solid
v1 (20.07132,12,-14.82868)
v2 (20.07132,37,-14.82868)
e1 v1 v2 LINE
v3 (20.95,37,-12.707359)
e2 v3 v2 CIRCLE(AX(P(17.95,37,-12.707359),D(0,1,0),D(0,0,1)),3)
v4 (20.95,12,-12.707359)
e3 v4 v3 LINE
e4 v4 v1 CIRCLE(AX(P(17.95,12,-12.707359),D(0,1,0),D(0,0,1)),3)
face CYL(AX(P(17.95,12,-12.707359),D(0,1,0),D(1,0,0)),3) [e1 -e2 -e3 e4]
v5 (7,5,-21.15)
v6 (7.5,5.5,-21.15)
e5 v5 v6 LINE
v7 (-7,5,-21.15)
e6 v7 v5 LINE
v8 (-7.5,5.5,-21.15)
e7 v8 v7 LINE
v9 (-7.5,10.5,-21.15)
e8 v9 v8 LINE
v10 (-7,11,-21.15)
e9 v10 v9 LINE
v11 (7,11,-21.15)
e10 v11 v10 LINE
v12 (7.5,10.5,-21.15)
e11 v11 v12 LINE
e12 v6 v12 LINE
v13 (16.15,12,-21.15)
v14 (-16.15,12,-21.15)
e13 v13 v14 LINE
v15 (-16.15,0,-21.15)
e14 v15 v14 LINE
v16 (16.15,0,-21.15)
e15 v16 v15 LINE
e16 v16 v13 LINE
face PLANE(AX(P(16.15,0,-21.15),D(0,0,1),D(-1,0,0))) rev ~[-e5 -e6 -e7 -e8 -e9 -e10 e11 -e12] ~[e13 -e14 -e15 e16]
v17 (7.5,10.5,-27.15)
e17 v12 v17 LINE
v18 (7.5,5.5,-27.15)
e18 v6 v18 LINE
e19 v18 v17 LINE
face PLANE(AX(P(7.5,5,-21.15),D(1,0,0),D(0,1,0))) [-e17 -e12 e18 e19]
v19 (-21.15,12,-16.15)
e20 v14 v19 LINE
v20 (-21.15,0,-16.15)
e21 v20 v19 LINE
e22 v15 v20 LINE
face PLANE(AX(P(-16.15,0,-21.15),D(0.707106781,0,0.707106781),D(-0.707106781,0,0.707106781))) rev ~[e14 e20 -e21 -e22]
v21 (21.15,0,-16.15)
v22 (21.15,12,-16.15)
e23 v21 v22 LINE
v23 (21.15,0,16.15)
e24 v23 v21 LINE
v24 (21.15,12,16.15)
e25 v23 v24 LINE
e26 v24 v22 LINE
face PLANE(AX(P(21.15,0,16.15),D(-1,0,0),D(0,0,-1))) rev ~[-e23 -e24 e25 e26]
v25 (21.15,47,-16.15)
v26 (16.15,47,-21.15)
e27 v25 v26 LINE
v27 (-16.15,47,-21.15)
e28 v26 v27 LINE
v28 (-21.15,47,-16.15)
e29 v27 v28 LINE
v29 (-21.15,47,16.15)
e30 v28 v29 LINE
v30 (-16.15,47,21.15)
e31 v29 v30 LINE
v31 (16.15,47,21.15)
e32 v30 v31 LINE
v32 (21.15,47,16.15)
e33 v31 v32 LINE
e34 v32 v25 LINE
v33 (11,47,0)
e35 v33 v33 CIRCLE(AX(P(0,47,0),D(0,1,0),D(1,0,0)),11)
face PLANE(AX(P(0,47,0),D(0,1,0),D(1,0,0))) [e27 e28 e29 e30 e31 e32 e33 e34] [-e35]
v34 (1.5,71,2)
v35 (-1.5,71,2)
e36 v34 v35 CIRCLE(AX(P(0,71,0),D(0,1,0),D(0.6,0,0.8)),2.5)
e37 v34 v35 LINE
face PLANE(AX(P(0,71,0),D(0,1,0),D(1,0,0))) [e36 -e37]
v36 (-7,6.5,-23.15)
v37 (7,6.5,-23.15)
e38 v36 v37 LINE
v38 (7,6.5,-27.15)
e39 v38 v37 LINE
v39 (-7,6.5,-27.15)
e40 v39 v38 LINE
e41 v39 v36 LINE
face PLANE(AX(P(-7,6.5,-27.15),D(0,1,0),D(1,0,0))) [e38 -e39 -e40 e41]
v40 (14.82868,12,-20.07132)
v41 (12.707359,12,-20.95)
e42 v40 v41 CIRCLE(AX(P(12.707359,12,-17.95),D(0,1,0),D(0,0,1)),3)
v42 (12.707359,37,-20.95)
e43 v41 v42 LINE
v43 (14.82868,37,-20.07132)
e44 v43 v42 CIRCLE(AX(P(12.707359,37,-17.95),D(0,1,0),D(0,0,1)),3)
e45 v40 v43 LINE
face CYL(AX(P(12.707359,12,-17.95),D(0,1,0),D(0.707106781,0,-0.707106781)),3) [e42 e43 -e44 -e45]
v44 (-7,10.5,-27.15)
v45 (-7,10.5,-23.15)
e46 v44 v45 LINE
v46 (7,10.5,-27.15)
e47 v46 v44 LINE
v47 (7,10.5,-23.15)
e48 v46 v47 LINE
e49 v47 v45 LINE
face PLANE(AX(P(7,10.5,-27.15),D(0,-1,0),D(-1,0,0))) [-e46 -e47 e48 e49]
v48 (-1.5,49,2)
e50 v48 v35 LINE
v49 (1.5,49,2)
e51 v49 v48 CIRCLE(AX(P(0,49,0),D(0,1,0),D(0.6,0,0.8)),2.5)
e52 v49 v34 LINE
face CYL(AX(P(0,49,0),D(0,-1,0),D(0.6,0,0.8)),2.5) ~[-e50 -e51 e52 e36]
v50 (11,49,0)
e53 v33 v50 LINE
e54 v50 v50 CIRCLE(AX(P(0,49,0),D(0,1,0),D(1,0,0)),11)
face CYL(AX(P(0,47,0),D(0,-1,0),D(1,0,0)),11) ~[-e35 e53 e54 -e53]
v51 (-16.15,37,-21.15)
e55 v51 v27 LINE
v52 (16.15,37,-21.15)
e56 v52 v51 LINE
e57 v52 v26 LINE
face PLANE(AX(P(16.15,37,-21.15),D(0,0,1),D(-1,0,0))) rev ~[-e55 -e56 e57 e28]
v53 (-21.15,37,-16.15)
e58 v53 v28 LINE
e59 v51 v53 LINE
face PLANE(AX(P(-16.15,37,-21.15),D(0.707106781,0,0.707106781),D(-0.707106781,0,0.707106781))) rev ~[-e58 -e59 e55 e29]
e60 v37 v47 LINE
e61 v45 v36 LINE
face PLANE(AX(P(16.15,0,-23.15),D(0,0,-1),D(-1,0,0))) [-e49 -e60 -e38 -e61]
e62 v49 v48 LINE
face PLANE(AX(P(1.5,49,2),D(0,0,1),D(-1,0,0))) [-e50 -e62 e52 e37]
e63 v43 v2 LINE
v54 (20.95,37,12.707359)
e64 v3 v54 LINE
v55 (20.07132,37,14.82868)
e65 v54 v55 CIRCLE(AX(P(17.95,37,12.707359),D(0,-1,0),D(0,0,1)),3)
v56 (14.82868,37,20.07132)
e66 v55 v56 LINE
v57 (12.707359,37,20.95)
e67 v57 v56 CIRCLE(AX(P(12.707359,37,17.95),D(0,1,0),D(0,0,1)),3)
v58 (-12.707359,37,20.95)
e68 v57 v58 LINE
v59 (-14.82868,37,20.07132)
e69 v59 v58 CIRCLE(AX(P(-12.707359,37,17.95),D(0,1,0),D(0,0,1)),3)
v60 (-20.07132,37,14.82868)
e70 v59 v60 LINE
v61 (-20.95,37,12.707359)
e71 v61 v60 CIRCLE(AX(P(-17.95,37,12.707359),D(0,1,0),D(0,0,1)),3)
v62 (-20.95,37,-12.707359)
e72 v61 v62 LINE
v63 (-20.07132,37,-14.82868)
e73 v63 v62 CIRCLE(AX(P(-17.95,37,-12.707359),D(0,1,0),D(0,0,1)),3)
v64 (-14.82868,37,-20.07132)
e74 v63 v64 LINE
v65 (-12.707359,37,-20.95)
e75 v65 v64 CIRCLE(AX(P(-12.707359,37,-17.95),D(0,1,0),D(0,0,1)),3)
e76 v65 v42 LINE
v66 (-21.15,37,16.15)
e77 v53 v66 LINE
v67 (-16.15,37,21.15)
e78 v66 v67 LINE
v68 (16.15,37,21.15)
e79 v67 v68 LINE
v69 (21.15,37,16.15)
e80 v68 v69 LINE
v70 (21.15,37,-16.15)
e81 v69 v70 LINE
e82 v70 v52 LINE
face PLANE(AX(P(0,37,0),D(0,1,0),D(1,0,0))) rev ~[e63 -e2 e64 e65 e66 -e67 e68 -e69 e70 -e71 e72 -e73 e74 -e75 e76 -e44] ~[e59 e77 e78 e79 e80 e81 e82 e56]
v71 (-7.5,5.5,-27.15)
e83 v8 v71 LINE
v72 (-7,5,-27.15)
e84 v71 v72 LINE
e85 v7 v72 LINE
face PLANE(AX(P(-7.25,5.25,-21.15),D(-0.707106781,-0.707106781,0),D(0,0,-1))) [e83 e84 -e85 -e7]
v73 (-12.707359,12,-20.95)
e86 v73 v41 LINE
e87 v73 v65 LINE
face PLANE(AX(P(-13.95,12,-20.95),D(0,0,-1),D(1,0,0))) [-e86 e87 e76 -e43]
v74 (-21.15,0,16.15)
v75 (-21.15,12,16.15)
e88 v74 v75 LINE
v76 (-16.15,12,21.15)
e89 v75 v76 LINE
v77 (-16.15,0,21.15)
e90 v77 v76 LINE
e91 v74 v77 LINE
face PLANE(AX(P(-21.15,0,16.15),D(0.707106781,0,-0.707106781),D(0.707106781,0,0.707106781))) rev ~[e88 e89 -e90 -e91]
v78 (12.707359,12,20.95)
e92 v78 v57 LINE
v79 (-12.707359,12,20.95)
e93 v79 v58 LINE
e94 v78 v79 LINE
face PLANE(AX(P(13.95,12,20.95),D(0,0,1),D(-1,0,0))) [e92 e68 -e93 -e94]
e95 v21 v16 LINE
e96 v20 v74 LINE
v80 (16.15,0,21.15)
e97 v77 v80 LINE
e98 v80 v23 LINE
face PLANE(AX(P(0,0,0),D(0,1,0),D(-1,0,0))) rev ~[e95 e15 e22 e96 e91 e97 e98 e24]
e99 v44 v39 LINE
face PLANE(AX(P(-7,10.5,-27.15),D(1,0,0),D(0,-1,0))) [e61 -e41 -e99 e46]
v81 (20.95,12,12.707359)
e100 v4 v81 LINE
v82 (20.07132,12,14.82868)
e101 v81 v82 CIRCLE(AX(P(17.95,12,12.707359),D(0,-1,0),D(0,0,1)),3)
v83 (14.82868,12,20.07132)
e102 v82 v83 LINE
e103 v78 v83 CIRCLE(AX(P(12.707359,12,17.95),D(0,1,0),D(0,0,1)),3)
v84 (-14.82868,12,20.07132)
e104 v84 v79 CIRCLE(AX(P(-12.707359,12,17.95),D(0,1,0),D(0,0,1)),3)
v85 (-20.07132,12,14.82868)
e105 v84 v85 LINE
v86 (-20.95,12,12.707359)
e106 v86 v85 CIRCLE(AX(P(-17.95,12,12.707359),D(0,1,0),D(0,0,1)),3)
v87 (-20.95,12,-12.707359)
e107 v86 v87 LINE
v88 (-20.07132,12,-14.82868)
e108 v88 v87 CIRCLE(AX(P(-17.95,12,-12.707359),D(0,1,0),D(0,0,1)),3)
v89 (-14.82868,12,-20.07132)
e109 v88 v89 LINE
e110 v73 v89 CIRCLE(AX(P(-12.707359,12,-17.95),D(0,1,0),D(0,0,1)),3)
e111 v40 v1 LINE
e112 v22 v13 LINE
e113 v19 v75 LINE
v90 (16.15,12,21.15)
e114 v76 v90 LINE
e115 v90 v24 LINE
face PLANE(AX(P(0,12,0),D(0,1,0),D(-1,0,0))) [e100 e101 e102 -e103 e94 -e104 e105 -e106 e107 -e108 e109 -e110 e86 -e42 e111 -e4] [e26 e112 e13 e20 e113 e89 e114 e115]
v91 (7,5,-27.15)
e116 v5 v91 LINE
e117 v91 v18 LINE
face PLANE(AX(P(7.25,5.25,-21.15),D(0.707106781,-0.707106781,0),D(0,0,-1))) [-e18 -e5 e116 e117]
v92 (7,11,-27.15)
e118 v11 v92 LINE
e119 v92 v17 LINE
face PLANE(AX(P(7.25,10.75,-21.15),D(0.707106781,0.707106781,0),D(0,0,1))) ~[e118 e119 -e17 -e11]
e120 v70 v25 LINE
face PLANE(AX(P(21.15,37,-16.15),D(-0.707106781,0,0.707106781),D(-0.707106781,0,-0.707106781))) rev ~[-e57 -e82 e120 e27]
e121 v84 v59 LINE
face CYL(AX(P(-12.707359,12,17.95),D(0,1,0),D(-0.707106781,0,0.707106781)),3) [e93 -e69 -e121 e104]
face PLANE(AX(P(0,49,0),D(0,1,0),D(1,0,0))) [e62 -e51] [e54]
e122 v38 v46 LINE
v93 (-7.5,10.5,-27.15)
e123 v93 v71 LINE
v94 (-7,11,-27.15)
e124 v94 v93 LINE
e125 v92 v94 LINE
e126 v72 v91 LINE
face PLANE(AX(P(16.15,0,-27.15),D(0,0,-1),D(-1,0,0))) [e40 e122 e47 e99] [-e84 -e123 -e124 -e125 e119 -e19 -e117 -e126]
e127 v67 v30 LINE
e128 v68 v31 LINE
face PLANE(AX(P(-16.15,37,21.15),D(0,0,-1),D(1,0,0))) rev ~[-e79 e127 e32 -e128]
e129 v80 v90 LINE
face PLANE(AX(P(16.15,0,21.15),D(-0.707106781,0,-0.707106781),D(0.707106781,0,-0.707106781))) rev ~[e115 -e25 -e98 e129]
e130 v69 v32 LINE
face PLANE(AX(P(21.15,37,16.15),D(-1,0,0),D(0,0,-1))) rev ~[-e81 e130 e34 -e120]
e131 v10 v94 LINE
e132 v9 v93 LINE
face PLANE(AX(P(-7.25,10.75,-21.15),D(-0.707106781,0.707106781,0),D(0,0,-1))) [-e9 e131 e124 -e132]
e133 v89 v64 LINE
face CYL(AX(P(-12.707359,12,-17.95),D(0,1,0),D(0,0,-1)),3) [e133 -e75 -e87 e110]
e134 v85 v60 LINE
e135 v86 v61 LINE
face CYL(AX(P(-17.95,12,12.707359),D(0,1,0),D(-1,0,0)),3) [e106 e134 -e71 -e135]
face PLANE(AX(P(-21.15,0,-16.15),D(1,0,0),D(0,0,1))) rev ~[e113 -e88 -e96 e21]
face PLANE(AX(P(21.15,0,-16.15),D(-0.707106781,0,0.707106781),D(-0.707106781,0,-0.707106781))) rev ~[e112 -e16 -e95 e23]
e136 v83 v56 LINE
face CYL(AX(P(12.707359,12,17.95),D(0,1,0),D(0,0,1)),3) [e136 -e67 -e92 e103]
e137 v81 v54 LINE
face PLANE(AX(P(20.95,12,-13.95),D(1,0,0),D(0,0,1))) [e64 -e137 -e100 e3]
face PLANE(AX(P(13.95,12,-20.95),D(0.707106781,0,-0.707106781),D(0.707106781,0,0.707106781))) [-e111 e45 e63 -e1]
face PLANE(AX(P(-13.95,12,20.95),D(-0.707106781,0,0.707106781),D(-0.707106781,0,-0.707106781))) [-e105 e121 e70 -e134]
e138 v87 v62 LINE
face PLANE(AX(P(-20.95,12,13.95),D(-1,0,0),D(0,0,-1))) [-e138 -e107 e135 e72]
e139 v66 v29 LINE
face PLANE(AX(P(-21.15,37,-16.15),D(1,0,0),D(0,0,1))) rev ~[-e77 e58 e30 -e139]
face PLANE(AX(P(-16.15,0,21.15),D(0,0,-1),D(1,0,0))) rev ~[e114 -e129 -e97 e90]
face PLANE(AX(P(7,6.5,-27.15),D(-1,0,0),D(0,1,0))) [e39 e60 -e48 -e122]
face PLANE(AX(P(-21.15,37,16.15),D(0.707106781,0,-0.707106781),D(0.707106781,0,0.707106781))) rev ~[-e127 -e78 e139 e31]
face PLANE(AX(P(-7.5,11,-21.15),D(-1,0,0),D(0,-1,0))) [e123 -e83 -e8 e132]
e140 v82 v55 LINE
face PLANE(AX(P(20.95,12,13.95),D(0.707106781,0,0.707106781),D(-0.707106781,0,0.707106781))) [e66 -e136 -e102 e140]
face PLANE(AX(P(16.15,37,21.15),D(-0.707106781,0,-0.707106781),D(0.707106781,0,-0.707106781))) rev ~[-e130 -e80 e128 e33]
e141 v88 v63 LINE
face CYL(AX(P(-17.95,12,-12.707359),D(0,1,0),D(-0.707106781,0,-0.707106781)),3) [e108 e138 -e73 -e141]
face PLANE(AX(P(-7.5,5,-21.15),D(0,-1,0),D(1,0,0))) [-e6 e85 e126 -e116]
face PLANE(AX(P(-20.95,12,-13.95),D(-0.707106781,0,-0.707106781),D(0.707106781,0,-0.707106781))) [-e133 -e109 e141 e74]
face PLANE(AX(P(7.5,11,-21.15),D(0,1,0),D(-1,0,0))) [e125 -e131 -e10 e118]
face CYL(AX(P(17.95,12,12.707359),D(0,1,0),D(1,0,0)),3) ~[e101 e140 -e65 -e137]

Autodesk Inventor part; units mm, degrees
ref_plane "YZ Plane" through (0, 0, 0) normal (1, 0, 0) x (0, 1, 0)
ref_plane "XZ Plane" through (0, 0, 0) normal (0, 1, 0) x (-1, 0, 0)
ref_plane "XY Plane" through (0, 0, 0) normal (0, 0, 1) x (1, 0, 0)
sketch "Эскиз1" plane through (0, 0, 0) normal (0, 1, 0) x (-1, 0, 0)
  line L0 (16.15, 21.15) -> (-16.15, 21.15)
  line L1 (-21.15, 16.15) -> (-21.15, -16.15)
  line L2 (-16.15, -21.15) -> (16.15, -21.15)
  line L3 (21.15, -16.15) -> (21.15, 16.15)
  line L4 (21.15, 21.15) -> (-21.15, -21.15) construction
  line L5 (-21.15, 21.15) -> (21.15, -21.15) construction
  line L6 (16.15, -21.15) -> (21.15, -16.15)
  line L7 (21.15, 16.15) -> (16.15, 21.15)
  line L8 (-16.15, 21.15) -> (-21.15, 16.15)
  line L9 (-21.15, -16.15) -> (-16.15, -21.15)
  point P0 (0, 0)
  dimension "d0" = 42.3
  dimension "d1" = 5
  dimension "d2" = 5
  dimension "d3" = 5
  dimension "d4" = 5
  dimension "d5" = 5
  dimension "d6" = 5
  dimension "d7" = 5
  dimension "d8" = 5
extrude "Выдавливание1" add sketch "Эскиз1" along normal blind 12
sketch "Эскиз2" plane through (0, 12, 0) normal (0, 1, 0) x (1, 0, 0)
  line L0 (13.95, -20.95) -> (-13.95, -20.95)
  line L1 (-20.95, -13.95) -> (-20.95, 13.95)
  line L2 (-13.95, 20.95) -> (13.95, 20.95)
  line L3 (20.95, 13.95) -> (20.95, -13.95)
  line L4 (20.95, -20.95) -> (-20.95, 20.95) construction
  line L5 (-20.95, -20.95) -> (20.95, 20.95) construction
  line L6 (-16.15, -21.15) -> (16.15, -21.15) projected
  line L7 (-13.95, -20.95) -> (-20.95, -13.95)
  line L8 (-20.95, 13.95) -> (-13.95, 20.95)
  line L9 (13.95, 20.95) -> (20.95, 13.95)
  line L10 (20.95, -13.95) -> (13.95, -20.95)
  point P0 (0, 0)
  dimension "d23" = 0.2
  dimension "d24" = 7
  dimension "d25" = 7
  dimension "d26" = 7
  dimension "d27" = 7
  dimension "d28" = 7
  dimension "d29" = 7
  dimension "d30" = 7
  dimension "d31" = 7
extrude "Выдавливание2" add sketch "Эскиз2" along normal blind 25
sketch "Эскиз3" plane through (0, 37, 0) normal (0, 1, 0) x (1, 0, 0)
  line L0 (-16.15, 21.15) -> (-21.15, 16.15) projected
  line L1 (16.15, 21.15) -> (-16.15, 21.15) projected
  line L2 (21.15, 16.15) -> (16.15, 21.15) projected
  line L3 (21.15, -16.15) -> (21.15, 16.15) projected
  line L4 (16.15, -21.15) -> (21.15, -16.15) projected
  line L5 (-16.15, -21.15) -> (16.15, -21.15) projected
  line L6 (-21.15, -16.15) -> (-16.15, -21.15) projected
  line L7 (-21.15, 16.15) -> (-21.15, -16.15) projected
  point P0 (0, 0)
extrude "Выдавливание3" add sketch "Эскиз3" along normal blind 10
fillet "Сопряжение1" radius 3 8 edges at (13.95, 24.5, 20.95) (20.95, 24.5, 13.95) (20.95, 24.5, -13.95) (13.95, 24.5, -20.95) (-13.95, 24.5, -20.95) (-20.95, 24.5, -13.95) (-20.95, 24.5, 13.95) (-13.95, 24.5, 20.95)
sketch "Эскиз4" plane through (0, 47, 0) normal (0, 1, 0) x (1, 0, 0)
  circle A0 centre (0, 0) radius 11
  dimension "d33" = 22
extrude "Выдавливание4" add sketch "Эскиз4" along normal blind 2
sketch "Эскиз5" plane through (0, 49, 0) normal (0, 1, 0) x (1, 0, 0)
  arc A0 (1.5, -2) -> (-1.5, -2) centre (0, 0) ccw
  line L0 (1.5, -2) -> (-1.5, -2)
  dimension "d36" = 2.5
  dimension "d37" = 2
extrude "Выдавливание5" add sketch "Эскиз5" along normal blind 22
sketch "Эскиз6" plane through (16.15, 0, -21.15) normal (0, 0, -1) x (-1, 0, 0)
  line L0 (0, 0) -> (32.3, 0) projected
  line L1 (8.65, 11) -> (23.65, 11)
  line L2 (23.65, 11) -> (23.65, 5)
  line L3 (23.65, 5) -> (8.65, 5)
  line L4 (8.65, 5) -> (8.65, 11)
  point P0 (16.15, 0)
  point P1 (16.15, 0)
  point P2 (16.15, 5)
  point P3 (16.15, 0)
  dimension "d67" = 15
  dimension "d68" = 6
  dimension "d69" = 5
extrude "Выдавливание6" add sketch "Эскиз6" along normal blind 6
sketch "Эскиз9" plane through (16.15, 0, -27.15) normal (0, 0, -1) x (-1, 0, 0)
  line L0 (9.15, 10.5) -> (23.15, 10.5)
  line L1 (23.15, 10.5) -> (23.15, 6.5)
  line L2 (23.15, 6.5) -> (9.15, 6.5)
  line L3 (9.15, 6.5) -> (9.15, 10.5)
  line L4 (23.65, 5) -> (23.65, 11) projected
  line L5 (23.65, 11) -> (8.65, 11) projected
  point P0 (16.15, 0)
  point P1 (16.15, 6.5)
  dimension "d70" = 0.5
  dimension "d71" = 0.5
  dimension "d72" = 4
extrude "Выдавливание8" cut sketch "Эскиз9" against normal blind 4
chamfer "Фаска1" distance 0.5 angle 45 4 edges at (7.5, 11, -24.15) (7.5, 5, -24.15) (-7.5, 11, -24.15) (-7.5, 5, -24.15)
equation "\"d2\" = d1"
equation "\"d3\" = d1"
equation "\"d4\" = d3"
equation "\"d5\" = d1"
equation "\"d6\" = d5"
equation "\"d7\" = d1"
equation "\"d8\" = d7"
equation "\"d25\" = d24"
equation "\"d26\" = d24"
equation "\"d27\" = d26"
equation "\"d28\" = d24"
equation "\"d29\" = d28"
equation "\"d30\" = d24"
equation "\"d31\" = d30"
properties part number "42BYGH47" material "Сталь, мягкая"
